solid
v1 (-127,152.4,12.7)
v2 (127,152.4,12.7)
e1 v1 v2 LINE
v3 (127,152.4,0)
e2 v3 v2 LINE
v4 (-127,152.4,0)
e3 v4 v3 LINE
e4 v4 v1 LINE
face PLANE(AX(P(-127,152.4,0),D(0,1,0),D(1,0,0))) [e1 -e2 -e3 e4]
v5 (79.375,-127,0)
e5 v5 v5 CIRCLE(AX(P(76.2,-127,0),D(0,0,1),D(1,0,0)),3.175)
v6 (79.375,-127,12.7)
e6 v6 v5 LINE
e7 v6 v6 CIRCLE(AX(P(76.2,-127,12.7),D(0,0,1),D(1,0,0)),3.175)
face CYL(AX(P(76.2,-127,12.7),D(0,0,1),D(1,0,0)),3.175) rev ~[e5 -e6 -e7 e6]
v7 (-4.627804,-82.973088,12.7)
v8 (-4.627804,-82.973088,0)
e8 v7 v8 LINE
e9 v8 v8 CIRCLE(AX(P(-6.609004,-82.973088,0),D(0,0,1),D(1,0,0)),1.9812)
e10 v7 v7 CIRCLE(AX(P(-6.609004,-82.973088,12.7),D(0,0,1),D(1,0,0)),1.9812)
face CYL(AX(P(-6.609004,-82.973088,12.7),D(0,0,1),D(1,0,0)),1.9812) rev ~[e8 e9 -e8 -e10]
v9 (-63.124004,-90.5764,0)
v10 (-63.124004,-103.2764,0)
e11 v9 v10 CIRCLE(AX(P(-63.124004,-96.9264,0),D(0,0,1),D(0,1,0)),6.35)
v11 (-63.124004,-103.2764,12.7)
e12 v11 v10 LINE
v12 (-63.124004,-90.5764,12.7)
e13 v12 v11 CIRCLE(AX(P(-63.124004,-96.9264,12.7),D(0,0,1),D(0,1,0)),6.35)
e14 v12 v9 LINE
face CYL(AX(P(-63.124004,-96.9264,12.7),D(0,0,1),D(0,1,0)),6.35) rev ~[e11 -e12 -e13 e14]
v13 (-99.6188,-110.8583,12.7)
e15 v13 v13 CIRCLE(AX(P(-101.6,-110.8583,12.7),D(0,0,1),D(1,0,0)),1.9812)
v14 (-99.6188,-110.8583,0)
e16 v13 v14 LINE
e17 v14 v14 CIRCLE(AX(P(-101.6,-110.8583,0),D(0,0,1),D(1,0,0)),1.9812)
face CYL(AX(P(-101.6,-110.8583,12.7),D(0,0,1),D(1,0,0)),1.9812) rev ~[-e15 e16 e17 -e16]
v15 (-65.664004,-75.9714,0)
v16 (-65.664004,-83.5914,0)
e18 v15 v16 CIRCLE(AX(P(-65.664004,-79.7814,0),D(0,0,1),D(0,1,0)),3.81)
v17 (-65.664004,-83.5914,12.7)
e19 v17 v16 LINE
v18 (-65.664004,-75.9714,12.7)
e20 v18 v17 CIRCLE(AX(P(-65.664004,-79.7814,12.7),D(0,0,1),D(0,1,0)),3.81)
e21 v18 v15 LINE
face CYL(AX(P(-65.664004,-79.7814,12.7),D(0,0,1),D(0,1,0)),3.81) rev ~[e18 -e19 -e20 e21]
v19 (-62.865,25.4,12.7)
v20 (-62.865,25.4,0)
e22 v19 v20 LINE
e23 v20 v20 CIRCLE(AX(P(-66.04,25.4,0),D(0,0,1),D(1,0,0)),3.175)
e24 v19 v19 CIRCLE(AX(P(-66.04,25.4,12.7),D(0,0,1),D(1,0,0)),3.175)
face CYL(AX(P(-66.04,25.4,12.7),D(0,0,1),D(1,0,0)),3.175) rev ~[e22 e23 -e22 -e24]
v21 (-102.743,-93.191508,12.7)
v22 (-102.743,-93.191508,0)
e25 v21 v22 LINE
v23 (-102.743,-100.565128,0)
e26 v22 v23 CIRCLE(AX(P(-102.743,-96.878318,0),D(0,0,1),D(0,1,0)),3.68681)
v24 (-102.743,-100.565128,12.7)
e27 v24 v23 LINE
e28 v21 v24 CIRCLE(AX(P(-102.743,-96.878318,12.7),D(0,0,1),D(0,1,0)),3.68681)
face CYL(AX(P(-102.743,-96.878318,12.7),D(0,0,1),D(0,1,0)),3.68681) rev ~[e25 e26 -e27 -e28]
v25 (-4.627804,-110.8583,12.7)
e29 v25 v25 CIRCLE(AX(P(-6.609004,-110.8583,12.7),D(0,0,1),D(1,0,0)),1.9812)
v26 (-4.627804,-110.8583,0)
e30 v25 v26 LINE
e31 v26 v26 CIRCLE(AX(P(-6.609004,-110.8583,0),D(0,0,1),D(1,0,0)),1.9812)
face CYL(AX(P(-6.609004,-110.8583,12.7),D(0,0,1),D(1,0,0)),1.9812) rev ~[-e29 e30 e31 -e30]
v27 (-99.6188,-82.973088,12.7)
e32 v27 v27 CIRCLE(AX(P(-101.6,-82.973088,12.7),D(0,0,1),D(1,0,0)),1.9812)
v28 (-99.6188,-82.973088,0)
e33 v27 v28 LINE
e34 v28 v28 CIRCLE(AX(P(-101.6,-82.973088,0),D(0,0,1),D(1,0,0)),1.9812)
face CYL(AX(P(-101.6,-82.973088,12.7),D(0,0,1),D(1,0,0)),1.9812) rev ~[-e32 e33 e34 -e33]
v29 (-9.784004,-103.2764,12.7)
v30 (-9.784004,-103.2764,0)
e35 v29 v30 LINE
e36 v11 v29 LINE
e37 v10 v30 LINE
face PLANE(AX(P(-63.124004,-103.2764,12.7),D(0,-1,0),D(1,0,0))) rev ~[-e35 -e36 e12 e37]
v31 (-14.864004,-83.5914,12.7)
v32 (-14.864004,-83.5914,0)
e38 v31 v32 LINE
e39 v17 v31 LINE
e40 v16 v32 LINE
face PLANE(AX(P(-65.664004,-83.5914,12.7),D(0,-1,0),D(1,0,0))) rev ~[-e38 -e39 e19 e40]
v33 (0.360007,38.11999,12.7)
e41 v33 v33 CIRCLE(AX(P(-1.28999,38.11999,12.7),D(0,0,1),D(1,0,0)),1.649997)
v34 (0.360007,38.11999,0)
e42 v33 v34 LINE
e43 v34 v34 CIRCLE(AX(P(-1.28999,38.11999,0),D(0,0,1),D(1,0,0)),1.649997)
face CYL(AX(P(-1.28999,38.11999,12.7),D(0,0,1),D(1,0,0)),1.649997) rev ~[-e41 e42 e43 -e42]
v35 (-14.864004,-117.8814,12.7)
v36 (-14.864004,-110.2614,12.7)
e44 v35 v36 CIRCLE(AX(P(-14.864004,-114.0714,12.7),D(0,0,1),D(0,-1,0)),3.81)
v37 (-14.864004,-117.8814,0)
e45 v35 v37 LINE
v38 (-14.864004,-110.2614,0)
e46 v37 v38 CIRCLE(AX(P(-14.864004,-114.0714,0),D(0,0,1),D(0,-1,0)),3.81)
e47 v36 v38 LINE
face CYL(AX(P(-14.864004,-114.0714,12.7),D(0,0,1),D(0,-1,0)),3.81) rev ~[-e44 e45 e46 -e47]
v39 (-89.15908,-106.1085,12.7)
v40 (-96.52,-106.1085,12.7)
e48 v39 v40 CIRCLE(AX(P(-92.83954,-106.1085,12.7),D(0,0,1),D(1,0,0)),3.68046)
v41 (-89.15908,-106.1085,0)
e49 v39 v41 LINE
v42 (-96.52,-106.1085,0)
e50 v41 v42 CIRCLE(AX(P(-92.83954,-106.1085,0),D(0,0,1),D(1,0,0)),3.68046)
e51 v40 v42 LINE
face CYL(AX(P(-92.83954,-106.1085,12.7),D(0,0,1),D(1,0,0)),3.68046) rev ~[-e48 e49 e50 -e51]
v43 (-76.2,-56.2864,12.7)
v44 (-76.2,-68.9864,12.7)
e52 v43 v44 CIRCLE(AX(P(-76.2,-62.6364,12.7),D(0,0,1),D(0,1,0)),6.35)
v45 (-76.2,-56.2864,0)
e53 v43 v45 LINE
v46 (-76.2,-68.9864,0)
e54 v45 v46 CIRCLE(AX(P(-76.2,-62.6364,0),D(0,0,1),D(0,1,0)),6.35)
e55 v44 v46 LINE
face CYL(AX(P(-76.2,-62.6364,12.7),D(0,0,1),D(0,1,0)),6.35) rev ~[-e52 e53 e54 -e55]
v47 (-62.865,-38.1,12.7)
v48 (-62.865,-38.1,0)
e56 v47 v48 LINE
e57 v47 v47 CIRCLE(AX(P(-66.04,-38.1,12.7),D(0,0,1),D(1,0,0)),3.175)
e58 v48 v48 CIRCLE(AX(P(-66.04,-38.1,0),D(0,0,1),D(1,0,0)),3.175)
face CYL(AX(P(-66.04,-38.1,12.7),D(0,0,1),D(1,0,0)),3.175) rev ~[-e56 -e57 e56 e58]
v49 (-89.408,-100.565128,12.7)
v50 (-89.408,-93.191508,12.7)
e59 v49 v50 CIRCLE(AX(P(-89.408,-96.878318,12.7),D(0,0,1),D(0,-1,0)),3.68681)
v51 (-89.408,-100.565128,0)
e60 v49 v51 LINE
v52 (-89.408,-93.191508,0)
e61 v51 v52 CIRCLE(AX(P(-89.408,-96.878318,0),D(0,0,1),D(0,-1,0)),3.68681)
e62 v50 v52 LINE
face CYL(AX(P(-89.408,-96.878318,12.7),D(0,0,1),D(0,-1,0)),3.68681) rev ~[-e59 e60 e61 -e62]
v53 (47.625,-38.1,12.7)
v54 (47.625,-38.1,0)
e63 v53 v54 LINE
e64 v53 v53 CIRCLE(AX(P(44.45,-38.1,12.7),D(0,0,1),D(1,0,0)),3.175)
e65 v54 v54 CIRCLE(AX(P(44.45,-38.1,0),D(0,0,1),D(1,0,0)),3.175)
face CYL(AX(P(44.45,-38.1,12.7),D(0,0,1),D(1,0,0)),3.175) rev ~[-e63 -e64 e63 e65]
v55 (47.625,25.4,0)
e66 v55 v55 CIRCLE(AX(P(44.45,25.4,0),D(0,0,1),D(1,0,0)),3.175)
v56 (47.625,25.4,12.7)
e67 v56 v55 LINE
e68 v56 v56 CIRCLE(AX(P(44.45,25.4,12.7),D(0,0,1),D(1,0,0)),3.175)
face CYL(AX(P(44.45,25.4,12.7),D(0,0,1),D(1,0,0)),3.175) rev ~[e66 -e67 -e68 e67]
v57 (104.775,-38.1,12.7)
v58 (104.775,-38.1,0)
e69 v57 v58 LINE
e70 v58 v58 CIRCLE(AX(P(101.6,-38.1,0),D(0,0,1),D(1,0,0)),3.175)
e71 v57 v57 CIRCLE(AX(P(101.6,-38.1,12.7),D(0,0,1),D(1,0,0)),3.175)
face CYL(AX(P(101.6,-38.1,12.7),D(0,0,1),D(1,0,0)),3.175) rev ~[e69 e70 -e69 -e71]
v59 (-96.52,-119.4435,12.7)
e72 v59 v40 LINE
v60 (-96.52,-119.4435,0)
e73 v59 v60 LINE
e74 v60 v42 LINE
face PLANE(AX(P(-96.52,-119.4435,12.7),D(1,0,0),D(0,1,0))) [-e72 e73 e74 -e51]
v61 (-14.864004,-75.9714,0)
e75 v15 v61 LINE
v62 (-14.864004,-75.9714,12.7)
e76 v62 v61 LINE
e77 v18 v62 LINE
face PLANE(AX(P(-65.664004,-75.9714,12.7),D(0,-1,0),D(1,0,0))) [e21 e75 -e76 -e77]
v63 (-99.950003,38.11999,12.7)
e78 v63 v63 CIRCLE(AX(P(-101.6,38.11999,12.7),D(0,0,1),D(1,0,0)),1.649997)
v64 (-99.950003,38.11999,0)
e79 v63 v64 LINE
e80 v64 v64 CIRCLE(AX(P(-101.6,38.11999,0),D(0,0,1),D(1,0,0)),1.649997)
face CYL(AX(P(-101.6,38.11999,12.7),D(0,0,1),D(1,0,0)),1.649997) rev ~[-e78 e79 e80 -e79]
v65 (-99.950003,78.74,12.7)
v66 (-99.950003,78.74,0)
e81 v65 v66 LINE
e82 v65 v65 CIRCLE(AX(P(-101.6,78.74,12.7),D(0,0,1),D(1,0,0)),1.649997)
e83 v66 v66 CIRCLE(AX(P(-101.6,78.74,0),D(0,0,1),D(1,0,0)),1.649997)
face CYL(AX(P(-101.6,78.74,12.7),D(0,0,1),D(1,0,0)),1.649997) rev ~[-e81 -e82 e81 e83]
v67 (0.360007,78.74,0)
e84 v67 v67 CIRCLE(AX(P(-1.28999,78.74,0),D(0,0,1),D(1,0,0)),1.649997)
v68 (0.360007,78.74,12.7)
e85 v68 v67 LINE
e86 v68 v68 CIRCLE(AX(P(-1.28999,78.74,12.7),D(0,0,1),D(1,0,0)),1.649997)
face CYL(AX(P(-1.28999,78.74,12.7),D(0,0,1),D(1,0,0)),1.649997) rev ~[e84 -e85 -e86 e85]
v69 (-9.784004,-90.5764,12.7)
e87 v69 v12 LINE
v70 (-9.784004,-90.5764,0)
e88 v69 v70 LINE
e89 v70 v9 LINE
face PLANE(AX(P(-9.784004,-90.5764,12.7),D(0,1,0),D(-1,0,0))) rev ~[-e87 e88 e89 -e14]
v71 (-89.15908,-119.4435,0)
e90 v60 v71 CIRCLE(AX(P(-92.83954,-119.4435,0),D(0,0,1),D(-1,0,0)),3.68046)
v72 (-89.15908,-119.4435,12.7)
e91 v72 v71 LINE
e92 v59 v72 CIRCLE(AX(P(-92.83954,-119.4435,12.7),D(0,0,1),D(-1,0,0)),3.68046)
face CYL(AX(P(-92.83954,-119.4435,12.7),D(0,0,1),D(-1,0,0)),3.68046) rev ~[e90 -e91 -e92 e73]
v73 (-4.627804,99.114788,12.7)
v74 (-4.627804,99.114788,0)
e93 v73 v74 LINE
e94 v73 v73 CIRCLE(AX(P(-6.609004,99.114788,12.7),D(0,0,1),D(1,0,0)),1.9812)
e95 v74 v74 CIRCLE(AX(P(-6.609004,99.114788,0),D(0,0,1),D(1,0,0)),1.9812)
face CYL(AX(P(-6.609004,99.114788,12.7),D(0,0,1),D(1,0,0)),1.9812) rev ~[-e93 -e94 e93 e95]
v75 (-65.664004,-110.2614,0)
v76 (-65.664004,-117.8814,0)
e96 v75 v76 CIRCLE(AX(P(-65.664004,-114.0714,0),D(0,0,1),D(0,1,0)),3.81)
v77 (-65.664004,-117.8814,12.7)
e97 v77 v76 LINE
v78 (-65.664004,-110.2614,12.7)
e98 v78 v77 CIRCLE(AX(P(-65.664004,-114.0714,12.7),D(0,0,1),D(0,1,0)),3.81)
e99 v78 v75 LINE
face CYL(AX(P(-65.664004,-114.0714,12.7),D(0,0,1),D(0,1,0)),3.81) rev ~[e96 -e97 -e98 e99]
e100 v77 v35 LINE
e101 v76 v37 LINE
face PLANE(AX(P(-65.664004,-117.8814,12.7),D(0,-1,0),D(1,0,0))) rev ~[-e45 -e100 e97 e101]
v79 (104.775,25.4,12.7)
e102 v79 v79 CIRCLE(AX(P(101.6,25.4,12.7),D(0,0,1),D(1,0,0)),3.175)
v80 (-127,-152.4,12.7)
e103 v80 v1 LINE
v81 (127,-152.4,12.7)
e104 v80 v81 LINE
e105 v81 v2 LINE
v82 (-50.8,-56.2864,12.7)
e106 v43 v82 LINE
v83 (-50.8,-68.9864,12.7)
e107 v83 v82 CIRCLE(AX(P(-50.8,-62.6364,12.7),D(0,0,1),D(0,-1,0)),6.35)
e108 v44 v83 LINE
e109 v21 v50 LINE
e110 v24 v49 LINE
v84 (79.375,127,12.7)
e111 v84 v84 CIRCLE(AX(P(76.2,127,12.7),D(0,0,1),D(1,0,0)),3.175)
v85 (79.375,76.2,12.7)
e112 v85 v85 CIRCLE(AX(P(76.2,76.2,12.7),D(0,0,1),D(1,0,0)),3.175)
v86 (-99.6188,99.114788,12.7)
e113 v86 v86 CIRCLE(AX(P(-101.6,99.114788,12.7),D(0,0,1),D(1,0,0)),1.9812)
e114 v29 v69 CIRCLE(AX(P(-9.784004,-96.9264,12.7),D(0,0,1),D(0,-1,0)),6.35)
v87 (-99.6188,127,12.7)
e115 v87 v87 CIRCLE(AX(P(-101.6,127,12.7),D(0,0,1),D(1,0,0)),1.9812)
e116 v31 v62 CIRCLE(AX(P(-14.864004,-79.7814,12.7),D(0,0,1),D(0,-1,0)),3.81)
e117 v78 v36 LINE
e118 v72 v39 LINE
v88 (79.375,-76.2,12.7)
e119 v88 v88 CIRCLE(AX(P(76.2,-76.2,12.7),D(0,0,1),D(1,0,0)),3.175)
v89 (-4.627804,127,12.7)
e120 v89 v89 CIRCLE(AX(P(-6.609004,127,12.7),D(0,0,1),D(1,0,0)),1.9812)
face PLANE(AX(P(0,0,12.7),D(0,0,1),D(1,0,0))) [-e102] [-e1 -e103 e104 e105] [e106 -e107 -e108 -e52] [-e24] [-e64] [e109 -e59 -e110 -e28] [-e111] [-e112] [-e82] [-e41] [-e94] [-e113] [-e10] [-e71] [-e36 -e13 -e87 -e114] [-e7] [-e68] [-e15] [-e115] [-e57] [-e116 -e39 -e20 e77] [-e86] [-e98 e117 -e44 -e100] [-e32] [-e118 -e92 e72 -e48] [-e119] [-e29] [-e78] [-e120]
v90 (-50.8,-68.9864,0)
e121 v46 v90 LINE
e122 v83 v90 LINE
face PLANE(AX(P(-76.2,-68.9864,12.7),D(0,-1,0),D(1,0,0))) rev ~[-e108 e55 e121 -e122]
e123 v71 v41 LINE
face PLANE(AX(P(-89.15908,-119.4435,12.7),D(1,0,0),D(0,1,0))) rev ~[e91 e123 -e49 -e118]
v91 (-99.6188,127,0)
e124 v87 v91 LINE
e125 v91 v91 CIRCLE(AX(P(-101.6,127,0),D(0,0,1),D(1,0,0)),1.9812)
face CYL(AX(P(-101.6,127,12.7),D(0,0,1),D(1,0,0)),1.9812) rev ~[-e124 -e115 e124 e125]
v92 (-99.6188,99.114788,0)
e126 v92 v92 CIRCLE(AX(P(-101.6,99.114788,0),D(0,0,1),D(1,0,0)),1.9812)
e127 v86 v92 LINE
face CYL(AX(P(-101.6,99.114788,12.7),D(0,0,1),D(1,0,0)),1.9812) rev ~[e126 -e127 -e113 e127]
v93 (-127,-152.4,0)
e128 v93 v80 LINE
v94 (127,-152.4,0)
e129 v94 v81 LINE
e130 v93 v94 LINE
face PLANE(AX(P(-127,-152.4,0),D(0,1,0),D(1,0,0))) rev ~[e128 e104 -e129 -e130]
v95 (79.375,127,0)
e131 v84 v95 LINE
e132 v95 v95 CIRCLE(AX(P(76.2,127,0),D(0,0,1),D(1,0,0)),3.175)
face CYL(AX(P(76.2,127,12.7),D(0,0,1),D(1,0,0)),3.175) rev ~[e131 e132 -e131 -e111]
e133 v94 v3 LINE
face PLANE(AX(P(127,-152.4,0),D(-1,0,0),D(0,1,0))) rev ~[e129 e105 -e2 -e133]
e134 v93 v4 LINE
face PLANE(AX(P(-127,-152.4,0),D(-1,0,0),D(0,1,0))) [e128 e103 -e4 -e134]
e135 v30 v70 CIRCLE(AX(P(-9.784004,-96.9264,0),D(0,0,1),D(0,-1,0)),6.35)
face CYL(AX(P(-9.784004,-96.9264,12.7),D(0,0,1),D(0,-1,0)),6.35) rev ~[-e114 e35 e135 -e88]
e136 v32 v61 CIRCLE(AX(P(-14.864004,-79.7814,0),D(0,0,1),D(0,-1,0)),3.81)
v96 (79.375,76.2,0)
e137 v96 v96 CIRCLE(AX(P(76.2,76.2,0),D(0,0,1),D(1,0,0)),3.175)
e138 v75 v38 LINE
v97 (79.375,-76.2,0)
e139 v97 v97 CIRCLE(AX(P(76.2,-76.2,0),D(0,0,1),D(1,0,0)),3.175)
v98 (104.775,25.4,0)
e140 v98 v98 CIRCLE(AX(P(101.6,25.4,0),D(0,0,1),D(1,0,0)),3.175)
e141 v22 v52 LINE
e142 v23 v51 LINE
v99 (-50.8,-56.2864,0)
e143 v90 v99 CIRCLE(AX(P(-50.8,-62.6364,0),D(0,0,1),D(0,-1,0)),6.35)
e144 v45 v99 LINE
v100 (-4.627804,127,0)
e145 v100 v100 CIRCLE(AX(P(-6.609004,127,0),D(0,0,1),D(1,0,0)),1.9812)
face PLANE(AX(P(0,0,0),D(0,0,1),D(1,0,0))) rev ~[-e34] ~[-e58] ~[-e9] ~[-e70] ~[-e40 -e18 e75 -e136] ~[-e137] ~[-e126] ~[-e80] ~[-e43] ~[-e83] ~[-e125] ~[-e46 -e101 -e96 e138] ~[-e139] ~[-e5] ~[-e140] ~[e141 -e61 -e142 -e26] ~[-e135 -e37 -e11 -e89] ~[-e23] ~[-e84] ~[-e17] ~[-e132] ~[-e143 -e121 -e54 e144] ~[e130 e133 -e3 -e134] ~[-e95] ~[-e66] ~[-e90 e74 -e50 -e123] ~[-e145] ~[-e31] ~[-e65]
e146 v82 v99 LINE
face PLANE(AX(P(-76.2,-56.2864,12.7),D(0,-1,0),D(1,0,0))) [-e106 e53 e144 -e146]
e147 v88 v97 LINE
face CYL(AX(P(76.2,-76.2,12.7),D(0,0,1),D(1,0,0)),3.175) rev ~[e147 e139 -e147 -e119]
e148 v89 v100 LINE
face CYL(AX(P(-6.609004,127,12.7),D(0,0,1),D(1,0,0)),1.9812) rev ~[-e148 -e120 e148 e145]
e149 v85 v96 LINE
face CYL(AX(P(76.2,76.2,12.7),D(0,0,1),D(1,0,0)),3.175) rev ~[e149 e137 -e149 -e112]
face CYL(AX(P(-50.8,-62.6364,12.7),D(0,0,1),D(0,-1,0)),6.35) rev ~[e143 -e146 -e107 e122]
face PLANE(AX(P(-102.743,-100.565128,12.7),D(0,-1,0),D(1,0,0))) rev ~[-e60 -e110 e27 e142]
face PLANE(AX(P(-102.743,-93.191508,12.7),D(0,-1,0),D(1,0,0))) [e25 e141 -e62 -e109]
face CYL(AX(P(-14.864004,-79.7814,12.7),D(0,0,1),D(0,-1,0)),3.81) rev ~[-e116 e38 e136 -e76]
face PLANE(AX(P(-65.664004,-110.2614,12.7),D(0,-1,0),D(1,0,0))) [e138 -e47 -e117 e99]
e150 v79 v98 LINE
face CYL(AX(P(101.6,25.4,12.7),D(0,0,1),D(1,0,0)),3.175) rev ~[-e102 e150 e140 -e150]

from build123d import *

# Parameters (mm, degrees)
F0_W     = 254
F0_H     = 304.8
F1_DEPTH = 12.7
F2_R     = 1.9812
F2_R_2   = 1.649997
F2_R_3   = 3.175
F2_W     = 50.8
F2_H     = 7.62
F2_W_2   = 25.4
F2_H_2   = 12.7
F2_W_3   = 7.36092
F2_H_3   = 13.335
F2_W_4   = 13.335
F2_H_4   = 7.37362
F3_DEPTH = 25.4


with BuildPart() as f1:
    # F0 (on Top) → F1 (new body)
    with BuildSketch(Plane.XY):
        Rectangle(F0_W, F0_H)
    extrude(amount=F1_DEPTH)

    # F2 (on face) → F3 (cut)
    with BuildSketch(Plane.XY.offset(12.7)):
        with Locations((-101.6, 127)):
            Circle(F2_R)
        with Locations((-101.6, 99.114788)):
            Circle(F2_R)
        with Locations((-6.609004, 127)):
            Circle(F2_R)
        with Locations((-6.609004, 99.114788)):
            Circle(F2_R)
        with Locations((-101.6, -82.973088)):
            Circle(F2_R)
        with Locations((-6.609004, -82.973088)):
            Circle(F2_R)
        with Locations((-6.609004, -110.8583)):
            Circle(F2_R)
        with Locations((-101.6, -110.8583)):
            Circle(F2_R)
        with Locations((-101.6, 78.74)):
            Circle(F2_R_2)
        with Locations((-101.6, 38.11999)):
            Circle(F2_R_2)
        with Locations((-66.04, 25.4)):
            Circle(F2_R_3)
        with Locations((-66.04, -38.1)):
            Circle(F2_R_3)
        with Locations((76.2, -76.2)):
            Circle(F2_R_3)
        with Locations((76.2, -127)):
            Circle(F2_R_3)
        with Locations((76.2, 127)):
            Circle(F2_R_3)
        with Locations((76.2, 76.2)):
            Circle(F2_R_3)
        with Locations((44.45, 25.4)):
            Circle(F2_R_3)
        with Locations((101.6, 25.4)):
            Circle(F2_R_3)
        with Locations((44.45, -38.1)):
            Circle(F2_R_3)
        with Locations((101.6, -38.1)):
            Circle(F2_R_3)
        Polygon((-9.784004, -90.5764), (-63.124004, -90.5764), (-63.124004, -96.9264), (-63.124004, -103.2764), (-9.784004, -103.2764), align=None)
        with BuildLine():
            Line((-63.124004, -96.9264), (-63.124004, -90.5764))
            ThreePointArc((-63.124004, -90.5764), (-69.474004, -96.9264), (-63.124004, -103.2764))
            Line((-63.124004, -103.2764), (-63.124004, -96.9264))
        make_face()
        with BuildLine():
            ThreePointArc((-9.784004, -103.2764), (-3.434004, -96.9264), (-9.784004, -90.5764))
            Line((-9.784004, -90.5764), (-9.784004, -103.2764))
        make_face()
        with Locations((-40.264004, -114.0714)):
            Rectangle(F2_W, F2_H)
        with BuildLine():
            Line((-65.664004, -117.8814), (-65.664004, -110.2614))
            ThreePointArc((-65.664004, -110.2614), (-69.474004, -114.0714), (-65.664004, -117.8814))
        make_face()
        with BuildLine():
            ThreePointArc((-14.864004, -117.8814), (-11.054004, -114.0714), (-14.864004, -110.2614))
            Line((-14.864004, -110.2614), (-14.864004, -117.8814))
        make_face()
        with Locations((-63.5, -62.6364)):
            Rectangle(F2_W_2, F2_H_2)
        with BuildLine():
            Line((-76.2, -68.9864), (-76.2, -56.2864))
            ThreePointArc((-76.2, -56.2864), (-82.55, -62.6364), (-76.2, -68.9864))
        make_face()
        with BuildLine():
            ThreePointArc((-50.8, -68.9864), (-44.45, -62.6364), (-50.8, -56.2864))
            Line((-50.8, -56.2864), (-50.8, -68.9864))
        make_face()
        with Locations((-40.264004, -79.7814)):
            Rectangle(F2_W, F2_H)
        with BuildLine():
            Line((-65.664004, -83.5914), (-65.664004, -75.9714))
            ThreePointArc((-65.664004, -75.9714), (-69.474004, -79.7814), (-65.664004, -83.5914))
        make_face()
        with BuildLine():
            ThreePointArc((-14.864004, -83.5914), (-11.054004, -79.7814), (-14.864004, -75.9714))
            Line((-14.864004, -75.9714), (-14.864004, -83.5914))
        make_face()
        with Locations((-1.28999, 78.74)):
            Circle(F2_R_2)
        with Locations((-1.28999, 38.11999)):
            Circle(F2_R_2)
        with BuildLine():
            ThreePointArc((-89.15908, -106.1085), (-92.83954, -102.42804), (-96.52, -106.1085))
            Line((-96.52, -106.1085), (-89.15908, -106.1085))
        make_face()
        with Locations((-92.83954, -112.776)):
            Rectangle(F2_W_3, F2_H_3)
        with BuildLine():
            Line((-89.15908, -119.4435), (-96.52, -119.4435))
            ThreePointArc((-96.52, -119.4435), (-92.83954, -123.12396), (-89.15908, -119.4435))
        make_face()
        with Locations((-96.0755, -96.878318)):
            Rectangle(F2_W_4, F2_H_4)
        with BuildLine():
            ThreePointArc((-89.408, -100.565128), (-85.72119, -96.878318), (-89.408, -93.191508))
            Line((-89.408, -93.191508), (-89.408, -100.565128))
        make_face()
        with BuildLine():
            Line((-102.743, -100.565128), (-102.743, -93.191508))
            ThreePointArc((-102.743, -93.191508), (-106.42981, -96.878318), (-102.743, -100.565128))
        make_face()
    extrude(amount=-F3_DEPTH, mode=Mode.SUBTRACT)


solid = f1.part
